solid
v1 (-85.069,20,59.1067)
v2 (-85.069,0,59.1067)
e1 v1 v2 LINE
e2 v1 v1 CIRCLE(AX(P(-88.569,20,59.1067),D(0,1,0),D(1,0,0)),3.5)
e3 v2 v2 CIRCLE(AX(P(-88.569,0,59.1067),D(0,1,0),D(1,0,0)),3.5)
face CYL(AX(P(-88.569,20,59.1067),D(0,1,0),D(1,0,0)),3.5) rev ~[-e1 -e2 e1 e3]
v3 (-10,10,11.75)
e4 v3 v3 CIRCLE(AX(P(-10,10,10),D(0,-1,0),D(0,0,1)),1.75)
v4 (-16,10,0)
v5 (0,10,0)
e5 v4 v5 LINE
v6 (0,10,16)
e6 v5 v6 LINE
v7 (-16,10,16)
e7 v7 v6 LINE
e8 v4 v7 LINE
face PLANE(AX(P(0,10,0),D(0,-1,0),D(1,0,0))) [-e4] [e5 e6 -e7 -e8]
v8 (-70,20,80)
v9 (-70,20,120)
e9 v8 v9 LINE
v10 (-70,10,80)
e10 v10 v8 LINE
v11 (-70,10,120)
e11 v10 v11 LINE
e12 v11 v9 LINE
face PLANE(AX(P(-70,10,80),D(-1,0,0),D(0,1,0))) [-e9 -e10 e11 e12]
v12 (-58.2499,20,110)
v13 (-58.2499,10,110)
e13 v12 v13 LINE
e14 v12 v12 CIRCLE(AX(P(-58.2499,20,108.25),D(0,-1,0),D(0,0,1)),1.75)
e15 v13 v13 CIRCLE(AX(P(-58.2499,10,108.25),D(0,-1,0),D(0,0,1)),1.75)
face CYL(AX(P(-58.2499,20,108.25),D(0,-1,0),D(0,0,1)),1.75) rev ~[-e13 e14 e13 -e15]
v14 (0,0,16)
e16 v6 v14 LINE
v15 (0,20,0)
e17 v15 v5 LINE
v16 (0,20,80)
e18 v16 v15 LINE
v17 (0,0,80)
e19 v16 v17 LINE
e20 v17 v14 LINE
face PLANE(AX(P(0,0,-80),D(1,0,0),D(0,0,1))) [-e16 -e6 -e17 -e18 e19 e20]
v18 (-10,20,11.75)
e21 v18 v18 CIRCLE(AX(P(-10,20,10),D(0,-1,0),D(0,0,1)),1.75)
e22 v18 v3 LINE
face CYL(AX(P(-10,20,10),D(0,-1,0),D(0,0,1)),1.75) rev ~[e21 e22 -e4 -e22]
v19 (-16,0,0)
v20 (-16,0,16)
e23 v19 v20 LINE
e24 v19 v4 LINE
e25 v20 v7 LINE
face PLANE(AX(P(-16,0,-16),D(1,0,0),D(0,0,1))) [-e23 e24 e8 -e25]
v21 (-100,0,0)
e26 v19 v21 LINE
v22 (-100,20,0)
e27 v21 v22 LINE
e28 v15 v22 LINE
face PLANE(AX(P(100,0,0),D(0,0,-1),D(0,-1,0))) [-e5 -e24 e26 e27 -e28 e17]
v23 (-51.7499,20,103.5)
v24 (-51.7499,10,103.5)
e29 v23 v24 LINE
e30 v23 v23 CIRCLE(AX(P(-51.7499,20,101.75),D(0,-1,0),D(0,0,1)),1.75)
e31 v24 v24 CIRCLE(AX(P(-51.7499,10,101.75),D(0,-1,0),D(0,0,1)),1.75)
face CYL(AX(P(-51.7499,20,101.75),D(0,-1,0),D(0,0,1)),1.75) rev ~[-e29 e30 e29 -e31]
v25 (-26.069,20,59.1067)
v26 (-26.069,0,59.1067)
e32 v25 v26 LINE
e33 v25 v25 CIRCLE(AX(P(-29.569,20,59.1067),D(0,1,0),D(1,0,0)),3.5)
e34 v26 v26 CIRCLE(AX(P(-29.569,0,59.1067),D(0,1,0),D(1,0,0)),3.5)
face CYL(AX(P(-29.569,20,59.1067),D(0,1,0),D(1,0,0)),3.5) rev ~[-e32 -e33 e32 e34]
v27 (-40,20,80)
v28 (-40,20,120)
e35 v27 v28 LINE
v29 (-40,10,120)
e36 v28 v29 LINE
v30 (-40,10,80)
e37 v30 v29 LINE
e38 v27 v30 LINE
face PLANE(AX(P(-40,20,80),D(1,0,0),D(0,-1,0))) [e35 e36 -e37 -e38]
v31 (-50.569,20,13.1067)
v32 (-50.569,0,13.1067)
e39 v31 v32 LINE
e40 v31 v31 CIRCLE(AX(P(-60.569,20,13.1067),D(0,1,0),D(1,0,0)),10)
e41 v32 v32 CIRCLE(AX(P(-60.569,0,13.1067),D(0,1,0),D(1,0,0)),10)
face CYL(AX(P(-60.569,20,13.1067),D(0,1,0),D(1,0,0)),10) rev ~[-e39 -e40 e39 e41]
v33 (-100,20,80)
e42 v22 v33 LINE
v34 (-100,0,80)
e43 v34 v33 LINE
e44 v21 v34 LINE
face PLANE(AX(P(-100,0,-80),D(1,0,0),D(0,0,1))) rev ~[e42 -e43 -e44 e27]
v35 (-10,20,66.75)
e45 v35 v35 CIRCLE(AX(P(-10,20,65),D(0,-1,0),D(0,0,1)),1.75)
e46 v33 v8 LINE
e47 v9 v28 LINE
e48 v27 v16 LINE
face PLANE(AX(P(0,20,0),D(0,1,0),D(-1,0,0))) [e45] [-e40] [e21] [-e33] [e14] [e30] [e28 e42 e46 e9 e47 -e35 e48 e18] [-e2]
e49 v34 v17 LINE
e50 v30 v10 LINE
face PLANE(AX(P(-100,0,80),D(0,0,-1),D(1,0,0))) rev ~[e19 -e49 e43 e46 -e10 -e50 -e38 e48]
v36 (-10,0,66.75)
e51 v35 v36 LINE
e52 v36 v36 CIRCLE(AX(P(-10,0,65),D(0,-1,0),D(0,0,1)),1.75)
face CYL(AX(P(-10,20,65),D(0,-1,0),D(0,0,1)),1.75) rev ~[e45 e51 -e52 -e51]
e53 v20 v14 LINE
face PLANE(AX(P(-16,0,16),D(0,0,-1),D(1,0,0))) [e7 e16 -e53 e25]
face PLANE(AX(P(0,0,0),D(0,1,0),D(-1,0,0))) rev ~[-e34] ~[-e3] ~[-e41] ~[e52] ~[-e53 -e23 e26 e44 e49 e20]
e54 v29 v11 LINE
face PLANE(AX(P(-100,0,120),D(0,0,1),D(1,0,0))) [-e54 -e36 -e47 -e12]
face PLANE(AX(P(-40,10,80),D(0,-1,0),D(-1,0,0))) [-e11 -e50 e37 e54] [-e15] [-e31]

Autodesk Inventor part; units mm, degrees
ref_plane "YZ Plane" through (0, 0, 0) normal (1, 0, 0) x (0, 1, 0)
ref_plane "XZ Plane" through (0, 0, 0) normal (0, 1, 0) x (-1, 0, 0)
ref_plane "XY Plane" through (0, 0, 0) normal (0, 0, 1) x (1, 0, 0)
sketch "Boceto1" plane through (0, 0, 0) normal (0, 1, 0) x (-1, 0, 0)
  line L0 (100, 80) -> (-100, 80)
  line L1 (-100, 80) -> (-100, -80)
  line L2 (-100, -80) -> (100, -80)
  line L3 (100, -80) -> (100, 80)
  line L4 (100, 80) -> (-100, -80) construction
  line L5 (-100, 80) -> (100, -80) construction
  point P0 (0, 0)
  dimension "d0" = 200
  dimension "d1" = 160
extrude "Extrusión1" add sketch "Boceto1" along normal blind 20
sketch "Boceto2" plane through (0, 20, 0) normal (0, 1, 0) x (1, 0, 0)
  line L0 (-100, 80) -> (-100, -80) projected
  line L1 (-100, 80) -> (-70, 80)
  line L2 (-70, 80) -> (-70, 40)
  line L3 (-70, 40) -> (-100, 40)
  line L4 (-100, 40) -> (-100, 80)
  line L5 (100, 80) -> (-100, 80) projected
  line L6 (0, 80) -> (0, 40)
  line L7 (100, 80) -> (70, 80)
  line L8 (70, 80) -> (70, 40)
  line L9 (70, 40) -> (100, 40)
  line L10 (100, 40) -> (100, 80)
  point P0 (0, 0)
  dimension "d4" = 30
  dimension "d5" = 40
extrude "Extrusión2" cut sketch "Boceto2" against normal blind 10
sketch "Boceto3" plane through (0, 20, 0) normal (0, 1, 0) x (1, 0, 0)
  line L0 (-70, 80) -> (-70, 40) projected
  line L1 (-70, 80.0001) -> (-70, 40)
  line L2 (-70, 40) -> (-100, 40) projected
  line L3 (-100, 40) -> (-100, 80.0001)
  line L4 (-100, 40) -> (-70, 40)
  line L5 (-70, 40) -> (-70, 80)
  line L6 (-70, 80) -> (-100, 80)
  line L7 (-100, 80) -> (-100, 40)
  circle A0 centre (-88.25, 58.25) radius 1.75
  circle A1 centre (-81.75, 51.75) radius 1.75
  line L8 (100, 80) -> (-100, 80) projected
  line L9 (0, 80) -> (0, 56.5)
  circle A2 centre (88.25, 58.25) radius 1.75
  circle A3 centre (81.75, 51.75) radius 1.75
  point P0 (0, 0)
  point P1 (-64.3507, 80)
  point P2 (-74.3507, 0)
  point P3 (-85, 80)
  dimension "d23" = 21.75
  dimension "d24" = 11.75
  dimension "d26" = 11.75
hole "Agujero1" at (-81.75, 20, -51.75) at (-88.25, 20, -58.25) at (81.75, 20, -51.75) at (88.25, 20, -58.25) direction (0, -1, 0) diameter 3.5 end through all
sketch "Boceto4" plane through (-100, 0, 80) normal (0, 0, 1) x (1, 0, 0)
  line L0 (30, 20) -> (60, 20)
  line L1 (60, 20) -> (60, 10)
  line L2 (60, 10) -> (30, 10)
  line L3 (30, 10) -> (30, 20)
  line L4 (0, 0) -> (0, 20) projected
  line L5 (100, 0) -> (100, 10)
  line L6 (170, 20) -> (140, 20)
  line L7 (140, 20) -> (140, 10)
  line L8 (140, 10) -> (170, 10)
  line L9 (170, 10) -> (170, 20)
  dimension "d34" = 30
  dimension "d35" = 10
  dimension "d36" = 30
extrude "Extrusión3" add sketch "Boceto4" along normal blind 40
sketch "Boceto5" plane through (0, 20, 0) normal (0, 1, 0) x (1, 0, 0)
  line L0 (59.9999, -50) -> (69.9999, -50)
  line L1 (49.9999, -101.75) -> (49.9999, -79.9497)
  line L2 (59.9999, -108.25) -> (59.9999, -50)
  line L3 (40, -80) -> (69.9999, -80)
  line L4 (49.9999, -79.9497) -> (40, -80)
  circle A0 centre (51.7499, -101.75) radius 1.75
  circle A1 centre (58.2499, -108.25) radius 1.75
  line L5 (69.9999, -80) -> (69.9999, -120)
  line L6 (40, -120) -> (40, -80)
  line L7 (69.9999, -120) -> (40, -120)
  line L8 (0, -50) -> (0, -71.75)
  line L9 (-40, -120) -> (-40, -80)
  line L10 (-49.9999, -101.75) -> (-49.9999, -79.9497)
  circle A2 centre (-51.7499, -101.75) radius 1.75
  circle A3 centre (-58.2499, -108.25) radius 1.75
  line L11 (-40, -80) -> (-69.9999, -80)
  line L12 (-69.9999, -120) -> (-40, -120)
  line L13 (-69.9999, -80) -> (-69.9999, -120)
  line L14 (-59.9999, -108.25) -> (-59.9999, -50)
  line L15 (-40, -120) -> (-69.9999, -120)
  line L16 (-69.9999, -80) -> (-69.9999, -120)
  line L17 (-40, -120) -> (-70, -120) projected
  line L18 (-40, -80) -> (-40, -120) projected
  line L19 (-59.9999, -110) -> (-49.9999, -110)
  line L20 (-49.9999, -110) -> (-49.9999, -100)
  line L21 (-49.9999, -100) -> (-59.9999, -100)
  line L22 (-59.9999, -100) -> (-59.9999, -110)
  line L23 (-100, 40) -> (-100, -80) projected
  point P0 (0, 0)
  point P1 (-56.75, -68.25)
  point P2 (-63.25, -61.75)
  point P3 (63.25, -61.75)
  point P4 (56.75, -68.25)
  dimension "d45" = 3.5
  dimension "d46" = 3.5
  dimension "d39" = 10
  dimension "d40" = 10
  dimension "d41" = 40
  dimension "d42" = 0
  dimension "d43" = 6.5
  dimension "d44" = 6.5
  dimension "d47" = 11.7499
  dimension "d48" = 11.75
  dimension "d49" = 0
  dimension "d50" = 11.75
  dimension "d51" = 0
  dimension "d97" = 40.0001
hole "Agujero2" at (-58.2499, 20, 108.25) at (-51.7499, 20, 101.75) at (51.7499, 20, 101.75) at (58.2499, 20, 108.25) direction (0, -1, 0) diameter 3.5 end through all
sketch "Boceto6" plane through (0, 20, 0) normal (0, 1, 0) x (1, 0, 0)
  circle A0 centre (-60.569, -13.1067) radius 10
  circle A1 centre (-29.569, -59.1067) radius 3.5
  line L0 (-60.569, -13.1067) -> (-39.0083, -13.1067)
  circle A2 centre (-29.569, 25.8933) radius 3.5
  circle A3 centre (-88.569, 25.8933) radius 3.5
  circle A4 centre (-88.569, -59.1067) radius 3.5
  line L1 (70.4544, -63.0517) -> (18.4544, -63.0517)
  line L2 (18.4544, -63.0517) -> (18.4544, 6.9483)
  line L3 (18.4544, 6.9483) -> (70.4544, 6.9483)
  line L4 (70.4544, 6.9483) -> (70.4544, -63.0517)
  line L5 (70.4544, 6.9483) -> (48.4544, 6.9483)
  line L6 (48.4544, 6.9483) -> (48.4544, 48.9483)
  line L7 (48.4544, 48.9483) -> (70.4544, 48.9483)
  line L8 (70.4544, 48.9483) -> (70.4544, 6.9483)
  line L9 (77.2288, -8.158) -> (77.2281, -5.6604)
  circle A5 centre (63.7706, -5.7606) radius 1.75
  line L10 (70.7641, -24.1464) -> (70.7641, 22.2796)
  circle A6 centre (35.8307, -5.7609) radius 1.75
  line L11 (25.1581, -13.2381) -> (25.1581, -10.7404)
  circle A7 centre (68.8507, -57.8309) radius 1.75
  line L12 (26.4277, 35.0051) -> (26.4277, 37.5029)
  circle A8 centre (20.6074, -56.5614) radius 1.75
  line L13 (18.6941, -55.9176) -> (70.7641, -55.9176)
  line L14 (18.6941, -55.9176) -> (18.6941, -7.6743)
  line L15 (44.7291, -55.9176) -> (44.7291, -31.7959)
  line L16 (63.7706, -28.0517) -> (26.4277, -28.0517)
  line L17 (44.7291, -23.5247) -> (44.7291, -31.7959)
  point P0 (0, 0)
  point P1 (-60.569, -16.6067)
  point P2 (45.425, 12.8886)
  point P3 (44.7291, -28.0517)
  dimension "d59" = 7
  dimension "d60" = 7
  dimension "d61" = 7
  dimension "d62" = 39
  dimension "d63" = 46
  dimension "d64" = 59
  dimension "d65" = 46
  dimension "d66" = 39
  dimension "d67" = 59
  dimension "d68" = 52
  dimension "d69" = 70
  dimension "d70" = 22
  dimension "d71" = 42
  dimension "d72" = 3.5
  dimension "d73" = 3.5
  dimension "d74" = 3.5
  dimension "d75" = 3.5
  dimension "d142" = 17.3763
  dimension "d143" = 12.7092
  dimension "d144" = 6.6837
  dimension "d145" = 12.7089
  dimension "d146" = 5.2208
  dimension "d147" = 1.6037
  dimension "d148" = 2.1531
  dimension "d149" = 6.4903
hole "Agujero3" at (68.8507, 20, 57.8309) at (20.6074, 20, 56.5614) at (63.7706, 20, 5.7606) at (35.8307, 20, 5.7609) direction (0, -1, 0) diameter 3.5 end through all
sketch "Boceto7" plane through (0, 20, 0) normal (0, 1, 0) x (1, 0, 0)
  circle A0 centre (-60.569, -13.1067) radius 10
  circle A1 centre (-29.569, -59.1067) radius 3.5
  line L0 (-60.569, -13.1067) -> (-39.0083, -13.1067)
  circle A2 centre (-29.569, 25.8933) radius 3.5
  circle A3 centre (-88.569, 25.8933) radius 3.5
  circle A4 centre (-88.569, -59.1067) radius 3.5
  point P0 (0, 0)
  point P1 (-60.569, -16.6067)
  dimension "d83" = 7
  dimension "d84" = 7
  dimension "d85" = 7
  dimension "d86" = 39
  dimension "d87" = 46
  dimension "d88" = 59
  dimension "d89" = 46
  dimension "d90" = 39
  dimension "d91" = 59
extrude "Extrusión4" cut sketch "Boceto7" against normal blind 20
ref_plane "Plano de trabajo1" through (0, 0, -80) normal (-1, 0, 0) x (0, 0, 1)
ref_plane "Plano de trabajo2" through (100, 0, 0) normal (0, 0, -1) x (-1, 0, 0)
sketch "Boceto8" plane through (0, 20, 0) normal (0, 1, 0) x (1, 0, 0)
  line L0 (80, -15) -> (90, -15)
  circle A0 centre (85, -10) radius 1.75
  line L1 (85, 10) -> (85, -10)
  line L2 (90, -15) -> (90, 15)
  circle A1 centre (85, 10) radius 1.75
  line L3 (80, 15) -> (80, -15)
  line L4 (90, 15) -> (80, -15) construction
  line L5 (80, 15) -> (90, -15) construction
  line L6 (90, 15) -> (80, 15)
  line L7 (100, -80) -> (100, 40) projected
  line L8 (0, 0) -> (20, -20)
  line L9 (0, 0) -> (28.2843, 0) construction
  line L10 (15, -60) -> (15, -70)
  circle A2 centre (10, -65) radius 1.75
  line L11 (-10, -65) -> (10, -65)
  line L12 (15, -70) -> (-15, -70)
  circle A3 centre (-10, -65) radius 1.75
  line L13 (-15, -60) -> (15, -60)
  line L14 (-15, -70) -> (15, -60) construction
  line L15 (-15, -60) -> (15, -70) construction
  line L16 (-15, -70) -> (-15, -60)
  line L17 (0, 0) -> (18.6615, 18.6615)
  line L18 (0, 0) -> (26.3913, 0) construction
  line L19 (-15, 60) -> (-15, 70)
  circle A4 centre (-10, 65) radius 1.75
  line L20 (10, 65) -> (-10, 65)
  line L21 (-15, 70) -> (15, 70)
  circle A5 centre (10, 65) radius 1.75
  line L22 (15, 60) -> (-15, 60)
  line L23 (15, 70) -> (-15, 60) construction
  line L24 (15, 60) -> (-15, 70) construction
  line L25 (15, 70) -> (15, 60)
  line L26 (70, 80) -> (-70, 80) projected
  line L27 (-40, -80) -> (40, -80) projected
  point P0 (86.9608, 0)
  point P1 (86.9608, 0)
  point P2 (85, 15)
  point P3 (0, -69.1269)
  point P4 (0, -69.1269)
  point P5 (-15, -67.1661)
  point P6 (0, 69.7066)
  point P7 (0, 69.7066)
  point P8 (15, 67.7458)
  point P9 (-15, 65)
  point P10 (15, -65)
  dimension "d98" = 10
  dimension "d99" = 30
  dimension "d100" = 10
  dimension "d101" = 5
  dimension "d102" = 5
  dimension "d103" = 5
  dimension "d104" = 5
  dimension "d105" = 45
  dimension "d106" = 45
  dimension "d107" = 10
  dimension "d108" = 10
  dimension "d109" = 30
  dimension "d110" = 5
  dimension "d111" = 5
  dimension "d112" = 5
  dimension "d113" = 5
  dimension "d114" = 10
  dimension "d115" = 30
  dimension "d116" = 5
  dimension "d117" = 5
  dimension "d118" = 5
  dimension "d119" = 5
  dimension "d120" = 10
hole "Agujero4" at (-10, 20, -65) at (10, 20, -65) at (85, 20, -10) at (85, 20, 10) at (10, 20, 65) at (-10, 20, 65) direction (0, -1, 0) diameter 3.5 end through all
sketch "Boceto9" plane through (0, 20, 0) normal (0, 1, 0) x (1, 0, 0)
  circle A0 centre (10, -10) radius 1.75
  line L0 (6.803, 0) -> (14.6069, 0)
  line L1 (0, 0) -> (0, -4.8284)
  line L2 (0, 0) -> (20.0354, 0)
  circle A1 centre (10, 10) radius 1.75
  line L3 (0, 0) -> (0, 4.8284)
  circle A2 centre (-10, 10) radius 1.75
  circle A3 centre (-10, -10) radius 1.75
  dimension "d128" = 3.5
  dimension "d129" = 10
  dimension "d130" = 10
hole "Agujero5" at (-10, 20, 10) at (-10, 20, -10) at (10, 20, -10) at (10, 20, 10) direction (0, -1, 0) diameter 3.5 end through all
sketch "Boceto10" plane through (0, 0, 0) normal (0, -1, 0) x (1, 0, 0)
  line L0 (-16, 16) -> (16, 16)
  line L1 (16, 16) -> (16, -16)
  line L2 (16, -16) -> (-16, -16)
  line L3 (-16, -16) -> (-16, 16)
  line L4 (-16, 16) -> (16, -16) construction
  line L5 (16, 16) -> (-16, -16) construction
  point P0 (0, 0)
  point P1 (0, 0)
  dimension "d138" = 32
  dimension "d139" = 32
extrude "Extrusión5" cut sketch "Boceto10" against normal blind 10
split "Dividir1" plane through (100, 0, 0) removes the side toward (0, 0, -1)
split "Dividir2" plane through (0, 0, -80) removes the side toward (1, 0, 0)
properties part number "base_mid_3"
